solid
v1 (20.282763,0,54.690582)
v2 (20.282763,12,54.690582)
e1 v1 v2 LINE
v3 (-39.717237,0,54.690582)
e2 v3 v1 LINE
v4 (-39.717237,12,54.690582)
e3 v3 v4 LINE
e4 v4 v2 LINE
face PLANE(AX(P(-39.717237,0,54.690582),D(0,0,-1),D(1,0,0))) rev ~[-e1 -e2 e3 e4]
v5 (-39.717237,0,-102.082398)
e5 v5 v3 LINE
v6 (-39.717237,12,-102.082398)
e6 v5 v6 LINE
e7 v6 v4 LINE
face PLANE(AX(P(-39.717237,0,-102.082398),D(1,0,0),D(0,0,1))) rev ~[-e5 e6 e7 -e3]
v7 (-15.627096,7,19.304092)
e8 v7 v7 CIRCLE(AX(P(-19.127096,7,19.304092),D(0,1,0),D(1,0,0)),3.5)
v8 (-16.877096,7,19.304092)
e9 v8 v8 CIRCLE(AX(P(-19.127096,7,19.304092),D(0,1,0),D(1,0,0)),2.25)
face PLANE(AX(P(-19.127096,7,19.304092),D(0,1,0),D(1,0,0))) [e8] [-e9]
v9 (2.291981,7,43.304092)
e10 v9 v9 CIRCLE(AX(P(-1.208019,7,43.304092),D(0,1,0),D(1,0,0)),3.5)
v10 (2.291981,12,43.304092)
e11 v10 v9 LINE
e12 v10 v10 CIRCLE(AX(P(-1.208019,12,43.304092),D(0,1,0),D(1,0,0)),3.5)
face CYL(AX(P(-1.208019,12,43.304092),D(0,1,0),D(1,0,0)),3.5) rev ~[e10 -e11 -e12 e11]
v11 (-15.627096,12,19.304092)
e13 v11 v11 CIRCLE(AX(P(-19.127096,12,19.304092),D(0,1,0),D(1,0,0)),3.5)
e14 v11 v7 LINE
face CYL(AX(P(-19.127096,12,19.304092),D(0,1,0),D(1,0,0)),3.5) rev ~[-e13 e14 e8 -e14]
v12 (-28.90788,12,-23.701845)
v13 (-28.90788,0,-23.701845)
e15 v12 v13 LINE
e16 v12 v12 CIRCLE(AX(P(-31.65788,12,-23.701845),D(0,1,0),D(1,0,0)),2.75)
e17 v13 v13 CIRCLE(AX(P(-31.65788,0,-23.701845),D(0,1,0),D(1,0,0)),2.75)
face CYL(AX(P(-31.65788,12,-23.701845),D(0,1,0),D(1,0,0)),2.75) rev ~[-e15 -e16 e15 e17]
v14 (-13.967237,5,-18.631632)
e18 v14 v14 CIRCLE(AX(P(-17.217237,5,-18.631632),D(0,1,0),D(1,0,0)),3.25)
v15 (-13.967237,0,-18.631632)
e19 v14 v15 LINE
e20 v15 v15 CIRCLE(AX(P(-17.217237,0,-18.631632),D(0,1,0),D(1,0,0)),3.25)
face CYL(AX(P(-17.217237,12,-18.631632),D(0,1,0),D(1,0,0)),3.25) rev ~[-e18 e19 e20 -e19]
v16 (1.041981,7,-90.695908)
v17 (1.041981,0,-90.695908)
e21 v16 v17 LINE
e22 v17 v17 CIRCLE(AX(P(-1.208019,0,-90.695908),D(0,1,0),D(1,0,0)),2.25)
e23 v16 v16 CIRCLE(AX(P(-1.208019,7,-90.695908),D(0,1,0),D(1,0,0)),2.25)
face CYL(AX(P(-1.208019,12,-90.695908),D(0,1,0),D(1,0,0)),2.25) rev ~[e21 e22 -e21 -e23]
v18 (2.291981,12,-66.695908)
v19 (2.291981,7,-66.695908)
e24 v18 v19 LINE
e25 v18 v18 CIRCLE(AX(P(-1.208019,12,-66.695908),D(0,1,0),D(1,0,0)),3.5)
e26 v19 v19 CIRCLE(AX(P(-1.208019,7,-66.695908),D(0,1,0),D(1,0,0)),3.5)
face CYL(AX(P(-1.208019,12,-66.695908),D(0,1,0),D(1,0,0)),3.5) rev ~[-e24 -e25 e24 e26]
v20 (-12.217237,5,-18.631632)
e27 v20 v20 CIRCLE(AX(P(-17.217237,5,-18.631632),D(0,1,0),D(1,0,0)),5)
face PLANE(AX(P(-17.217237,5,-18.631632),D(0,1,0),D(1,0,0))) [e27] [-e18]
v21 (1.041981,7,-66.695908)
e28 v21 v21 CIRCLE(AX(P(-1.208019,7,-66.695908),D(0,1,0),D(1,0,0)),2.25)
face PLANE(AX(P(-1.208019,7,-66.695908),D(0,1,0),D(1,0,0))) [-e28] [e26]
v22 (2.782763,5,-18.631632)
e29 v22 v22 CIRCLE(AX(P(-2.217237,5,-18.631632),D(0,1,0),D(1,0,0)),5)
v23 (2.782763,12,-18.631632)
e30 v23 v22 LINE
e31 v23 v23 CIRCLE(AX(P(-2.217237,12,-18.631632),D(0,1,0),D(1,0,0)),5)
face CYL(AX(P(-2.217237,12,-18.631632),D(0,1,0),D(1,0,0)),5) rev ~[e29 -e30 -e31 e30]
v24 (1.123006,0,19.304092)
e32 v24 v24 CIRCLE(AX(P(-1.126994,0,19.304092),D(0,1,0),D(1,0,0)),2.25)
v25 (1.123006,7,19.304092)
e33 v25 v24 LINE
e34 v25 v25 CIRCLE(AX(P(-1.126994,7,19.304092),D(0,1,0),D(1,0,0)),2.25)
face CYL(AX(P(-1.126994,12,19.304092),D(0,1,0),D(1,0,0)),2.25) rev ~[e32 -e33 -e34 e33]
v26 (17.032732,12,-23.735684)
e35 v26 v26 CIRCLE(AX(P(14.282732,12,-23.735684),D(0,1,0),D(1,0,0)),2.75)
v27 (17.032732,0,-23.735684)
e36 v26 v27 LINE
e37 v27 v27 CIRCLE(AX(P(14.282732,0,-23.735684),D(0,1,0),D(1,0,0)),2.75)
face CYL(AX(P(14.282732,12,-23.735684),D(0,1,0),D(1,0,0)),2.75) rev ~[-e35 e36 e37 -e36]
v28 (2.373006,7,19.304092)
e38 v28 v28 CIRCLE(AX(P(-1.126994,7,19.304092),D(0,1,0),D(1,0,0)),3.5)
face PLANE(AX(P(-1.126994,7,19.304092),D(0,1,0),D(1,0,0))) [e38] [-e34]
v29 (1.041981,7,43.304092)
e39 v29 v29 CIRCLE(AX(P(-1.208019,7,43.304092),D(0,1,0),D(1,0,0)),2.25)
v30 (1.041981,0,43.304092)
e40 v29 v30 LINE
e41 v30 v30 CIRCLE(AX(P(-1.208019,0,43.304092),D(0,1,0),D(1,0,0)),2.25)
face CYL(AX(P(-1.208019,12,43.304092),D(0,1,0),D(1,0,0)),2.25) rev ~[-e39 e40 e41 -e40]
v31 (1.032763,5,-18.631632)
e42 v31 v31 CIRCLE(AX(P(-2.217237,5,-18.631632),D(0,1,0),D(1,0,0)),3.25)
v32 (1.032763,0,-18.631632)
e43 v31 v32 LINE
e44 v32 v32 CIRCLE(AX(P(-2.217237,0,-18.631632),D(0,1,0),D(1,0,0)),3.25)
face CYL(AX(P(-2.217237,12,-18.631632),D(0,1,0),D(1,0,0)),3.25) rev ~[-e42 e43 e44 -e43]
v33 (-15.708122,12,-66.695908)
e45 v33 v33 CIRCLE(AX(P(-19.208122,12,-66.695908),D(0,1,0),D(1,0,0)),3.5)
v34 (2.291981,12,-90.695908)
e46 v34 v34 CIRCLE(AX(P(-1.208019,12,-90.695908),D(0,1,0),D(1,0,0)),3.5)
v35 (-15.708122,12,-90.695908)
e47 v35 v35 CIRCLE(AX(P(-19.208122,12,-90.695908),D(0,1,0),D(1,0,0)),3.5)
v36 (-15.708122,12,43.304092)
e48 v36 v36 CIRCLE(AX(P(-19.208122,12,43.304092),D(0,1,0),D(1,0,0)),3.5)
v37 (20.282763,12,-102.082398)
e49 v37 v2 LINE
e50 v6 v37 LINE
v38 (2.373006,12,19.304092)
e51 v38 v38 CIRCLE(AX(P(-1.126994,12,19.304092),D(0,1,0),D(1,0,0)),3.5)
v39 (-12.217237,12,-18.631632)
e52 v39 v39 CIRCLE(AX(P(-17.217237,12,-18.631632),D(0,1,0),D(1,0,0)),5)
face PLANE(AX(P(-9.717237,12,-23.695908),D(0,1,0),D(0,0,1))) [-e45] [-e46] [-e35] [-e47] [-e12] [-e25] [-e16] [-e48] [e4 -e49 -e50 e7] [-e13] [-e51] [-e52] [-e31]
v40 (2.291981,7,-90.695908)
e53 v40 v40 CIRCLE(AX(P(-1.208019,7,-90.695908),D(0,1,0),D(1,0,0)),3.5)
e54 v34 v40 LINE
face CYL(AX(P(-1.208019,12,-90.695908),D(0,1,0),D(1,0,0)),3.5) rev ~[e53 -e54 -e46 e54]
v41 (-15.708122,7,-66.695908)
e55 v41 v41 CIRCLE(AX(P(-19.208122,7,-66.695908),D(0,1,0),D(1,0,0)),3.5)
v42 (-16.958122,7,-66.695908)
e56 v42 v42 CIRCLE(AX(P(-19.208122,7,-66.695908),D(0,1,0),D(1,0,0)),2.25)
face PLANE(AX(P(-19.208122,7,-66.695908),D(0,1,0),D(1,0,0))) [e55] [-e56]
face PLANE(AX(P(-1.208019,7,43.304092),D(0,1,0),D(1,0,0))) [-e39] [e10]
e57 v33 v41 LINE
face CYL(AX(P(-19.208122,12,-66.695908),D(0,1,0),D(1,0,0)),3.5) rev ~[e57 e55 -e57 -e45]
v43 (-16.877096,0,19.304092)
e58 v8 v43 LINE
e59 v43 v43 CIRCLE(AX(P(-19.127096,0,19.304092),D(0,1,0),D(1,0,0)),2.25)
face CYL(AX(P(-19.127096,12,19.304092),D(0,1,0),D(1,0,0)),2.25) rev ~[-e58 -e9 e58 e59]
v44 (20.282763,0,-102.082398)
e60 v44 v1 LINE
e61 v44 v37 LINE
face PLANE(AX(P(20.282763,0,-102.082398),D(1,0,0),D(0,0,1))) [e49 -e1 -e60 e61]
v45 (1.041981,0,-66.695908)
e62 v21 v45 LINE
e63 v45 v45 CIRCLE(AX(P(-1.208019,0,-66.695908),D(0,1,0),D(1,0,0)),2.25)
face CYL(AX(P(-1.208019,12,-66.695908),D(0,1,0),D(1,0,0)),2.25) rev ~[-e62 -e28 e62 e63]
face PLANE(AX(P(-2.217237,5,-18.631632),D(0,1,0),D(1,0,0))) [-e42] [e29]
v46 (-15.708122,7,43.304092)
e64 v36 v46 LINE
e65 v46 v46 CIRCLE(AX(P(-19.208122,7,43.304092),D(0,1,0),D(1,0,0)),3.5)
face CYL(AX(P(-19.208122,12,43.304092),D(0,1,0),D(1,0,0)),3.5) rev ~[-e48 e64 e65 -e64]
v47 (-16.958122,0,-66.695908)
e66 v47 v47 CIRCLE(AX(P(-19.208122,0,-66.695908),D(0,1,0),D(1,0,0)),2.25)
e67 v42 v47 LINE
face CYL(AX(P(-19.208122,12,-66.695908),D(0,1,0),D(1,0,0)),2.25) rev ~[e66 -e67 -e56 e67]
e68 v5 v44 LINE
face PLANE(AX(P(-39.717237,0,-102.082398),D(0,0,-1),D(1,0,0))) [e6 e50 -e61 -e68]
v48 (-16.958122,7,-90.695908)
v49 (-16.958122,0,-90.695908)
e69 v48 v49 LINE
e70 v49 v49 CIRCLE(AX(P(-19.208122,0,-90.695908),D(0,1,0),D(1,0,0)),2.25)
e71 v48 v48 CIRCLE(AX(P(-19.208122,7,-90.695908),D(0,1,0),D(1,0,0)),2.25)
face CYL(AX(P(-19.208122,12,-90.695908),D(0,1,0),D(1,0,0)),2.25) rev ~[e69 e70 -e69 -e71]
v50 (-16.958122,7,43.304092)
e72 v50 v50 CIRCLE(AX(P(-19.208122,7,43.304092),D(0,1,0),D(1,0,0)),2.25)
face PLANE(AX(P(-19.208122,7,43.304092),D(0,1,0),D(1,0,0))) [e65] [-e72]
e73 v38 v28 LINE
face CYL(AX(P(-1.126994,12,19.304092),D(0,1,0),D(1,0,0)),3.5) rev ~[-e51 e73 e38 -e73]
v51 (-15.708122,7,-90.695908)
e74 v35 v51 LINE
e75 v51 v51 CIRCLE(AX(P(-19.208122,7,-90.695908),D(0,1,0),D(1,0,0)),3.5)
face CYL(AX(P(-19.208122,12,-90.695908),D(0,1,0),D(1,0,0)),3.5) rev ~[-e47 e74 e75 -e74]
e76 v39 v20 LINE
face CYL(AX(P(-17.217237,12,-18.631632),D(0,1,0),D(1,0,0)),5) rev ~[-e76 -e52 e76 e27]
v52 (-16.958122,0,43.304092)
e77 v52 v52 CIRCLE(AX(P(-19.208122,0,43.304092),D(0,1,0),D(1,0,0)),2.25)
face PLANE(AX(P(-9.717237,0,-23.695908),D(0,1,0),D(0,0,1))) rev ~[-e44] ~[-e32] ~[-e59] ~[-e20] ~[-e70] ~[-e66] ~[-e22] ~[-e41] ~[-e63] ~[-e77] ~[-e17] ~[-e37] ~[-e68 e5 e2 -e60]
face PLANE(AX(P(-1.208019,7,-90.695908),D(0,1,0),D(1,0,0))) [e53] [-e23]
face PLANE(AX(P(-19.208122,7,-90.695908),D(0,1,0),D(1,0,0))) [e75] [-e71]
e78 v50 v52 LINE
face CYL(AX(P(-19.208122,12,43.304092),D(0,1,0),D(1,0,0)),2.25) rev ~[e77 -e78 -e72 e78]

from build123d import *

# Parameters (mm, degrees)
SKETCH3_W           = 156.772980402
SKETCH3_H           = 60
BOSS_EXTRUDE6_DEPTH = 12
CUT_EXTRUDE1_REACH  = 14
SKETCH4_R           = 2.25
CUT_EXTRUDE2_REACH  = 14
SKETCH6_R           = 3.25
SKETCH7_R           = 3.5
CUT_EXTRUDE3_DEPTH  = 5
SKETCH8_R           = 5
CUT_EXTRUDE4_DEPTH  = 7
CUT_EXTRUDE5_REACH  = 14
SKETCH9_R           = 2.75


with BuildPart() as part:
    # Sketch3 → Boss-Extrude6 (new body)
    with BuildSketch(Plane(origin=(-27.52701042, 0, 0), x_dir=(0, 0, 1), z_dir=(0, 1, 0))):
        with Locations((-23.695908121, 17.809773729)):
            Rectangle(SKETCH3_W, SKETCH3_H)
    extrude(amount=BOSS_EXTRUDE6_DEPTH)

    # Sketch4 → Cut-Extrude1 (cut, up to next)
    with BuildSketch(Plane(origin=(0, 12, 0), x_dir=(1, 0, 0), z_dir=(0, 1, 0)), mode=Mode.PRIVATE) as cut_extrude1_sk1:
        with Locations((-1.126993796, -19.304091879)):
            Circle(SKETCH4_R)
    cut_extrude1_tool1 = extrude(cut_extrude1_sk1.sketch, amount=-CUT_EXTRUDE1_REACH, mode=Mode.PRIVATE) & part.part
    add(cut_extrude1_tool1.solids().sort_by_distance((-1.126994, 12, 19.304092))[0], mode=Mode.SUBTRACT)
    # Sketch4 → Cut-Extrude1 (cut, up to next)
    with BuildSketch(Plane(origin=(0, 12, 0), x_dir=(1, 0, 0), z_dir=(0, 1, 0)), mode=Mode.PRIVATE) as cut_extrude1_sk2:
        with Locations((-19.127096376, -19.304091879)):
            Circle(SKETCH4_R)
    cut_extrude1_tool2 = extrude(cut_extrude1_sk2.sketch, amount=-CUT_EXTRUDE1_REACH, mode=Mode.PRIVATE) & part.part
    add(cut_extrude1_tool2.solids().sort_by_distance((-19.127096, 12, 19.304092))[0], mode=Mode.SUBTRACT)
    # Sketch4 → Cut-Extrude1 (cut, up to next)
    with BuildSketch(Plane(origin=(0, 12, 0), x_dir=(1, 0, 0), z_dir=(0, 1, 0)), mode=Mode.PRIVATE) as cut_extrude1_sk3:
        with Locations((-1.2080193, -43.304091879)):
            Circle(SKETCH4_R)
    cut_extrude1_tool3 = extrude(cut_extrude1_sk3.sketch, amount=-CUT_EXTRUDE1_REACH, mode=Mode.PRIVATE) & part.part
    add(cut_extrude1_tool3.solids().sort_by_distance((-1.208019, 12, 43.304092))[0], mode=Mode.SUBTRACT)
    # Sketch4 → Cut-Extrude1 (cut, up to next)
    with BuildSketch(Plane(origin=(0, 12, 0), x_dir=(1, 0, 0), z_dir=(0, 1, 0)), mode=Mode.PRIVATE) as cut_extrude1_sk4:
        with Locations((-19.208121879, -43.304091879)):
            Circle(SKETCH4_R)
    cut_extrude1_tool4 = extrude(cut_extrude1_sk4.sketch, amount=-CUT_EXTRUDE1_REACH, mode=Mode.PRIVATE) & part.part
    add(cut_extrude1_tool4.solids().sort_by_distance((-19.208122, 12, 43.304092))[0], mode=Mode.SUBTRACT)
    # Sketch4 → Cut-Extrude1 (cut, up to next)
    with BuildSketch(Plane(origin=(0, 12, 0), x_dir=(1, 0, 0), z_dir=(0, 1, 0)), mode=Mode.PRIVATE) as cut_extrude1_sk5:
        with Locations((-19.208121879, 66.695908121)):
            Circle(SKETCH4_R)
    cut_extrude1_tool5 = extrude(cut_extrude1_sk5.sketch, amount=-CUT_EXTRUDE1_REACH, mode=Mode.PRIVATE) & part.part
    add(cut_extrude1_tool5.solids().sort_by_distance((-19.208122, 12, -66.695908))[0], mode=Mode.SUBTRACT)
    # Sketch4 → Cut-Extrude1 (cut, up to next)
    with BuildSketch(Plane(origin=(0, 12, 0), x_dir=(1, 0, 0), z_dir=(0, 1, 0)), mode=Mode.PRIVATE) as cut_extrude1_sk6:
        with Locations((-19.208121879, 90.695908121)):
            Circle(SKETCH4_R)
    cut_extrude1_tool6 = extrude(cut_extrude1_sk6.sketch, amount=-CUT_EXTRUDE1_REACH, mode=Mode.PRIVATE) & part.part
    add(cut_extrude1_tool6.solids().sort_by_distance((-19.208122, 12, -90.695908))[0], mode=Mode.SUBTRACT)
    # Sketch4 → Cut-Extrude1 (cut, up to next)
    with BuildSketch(Plane(origin=(0, 12, 0), x_dir=(1, 0, 0), z_dir=(0, 1, 0)), mode=Mode.PRIVATE) as cut_extrude1_sk7:
        with Locations((-1.2080193, 90.695908121)):
            Circle(SKETCH4_R)
    cut_extrude1_tool7 = extrude(cut_extrude1_sk7.sketch, amount=-CUT_EXTRUDE1_REACH, mode=Mode.PRIVATE) & part.part
    add(cut_extrude1_tool7.solids().sort_by_distance((-1.208019, 12, -90.695908))[0], mode=Mode.SUBTRACT)
    # Sketch4 → Cut-Extrude1 (cut, up to next)
    with BuildSketch(Plane(origin=(0, 12, 0), x_dir=(1, 0, 0), z_dir=(0, 1, 0)), mode=Mode.PRIVATE) as cut_extrude1_sk8:
        with Locations((-1.2080193, 66.695908121)):
            Circle(SKETCH4_R)
    cut_extrude1_tool8 = extrude(cut_extrude1_sk8.sketch, amount=-CUT_EXTRUDE1_REACH, mode=Mode.PRIVATE) & part.part
    add(cut_extrude1_tool8.solids().sort_by_distance((-1.208019, 12, -66.695908))[0], mode=Mode.SUBTRACT)

    # Sketch6 → Cut-Extrude2 (cut, up to next)
    with BuildSketch(Plane(origin=(0, 12, 0), x_dir=(1, 0, 0), z_dir=(0, 1, 0)), mode=Mode.PRIVATE) as cut_extrude2_sk1:
        with Locations((-17.217236691, 18.631632081)):
            Circle(SKETCH6_R)
    cut_extrude2_tool1 = extrude(cut_extrude2_sk1.sketch, amount=-CUT_EXTRUDE2_REACH, mode=Mode.PRIVATE) & part.part
    add(cut_extrude2_tool1.solids().sort_by_distance((-17.217237, 12, -18.631632))[0], mode=Mode.SUBTRACT)
    # Sketch6 → Cut-Extrude2 (cut, up to next)
    with BuildSketch(Plane(origin=(0, 12, 0), x_dir=(1, 0, 0), z_dir=(0, 1, 0)), mode=Mode.PRIVATE) as cut_extrude2_sk2:
        with Locations((-2.217236691, 18.631632081)):
            Circle(SKETCH6_R)
    cut_extrude2_tool2 = extrude(cut_extrude2_sk2.sketch, amount=-CUT_EXTRUDE2_REACH, mode=Mode.PRIVATE) & part.part
    add(cut_extrude2_tool2.solids().sort_by_distance((-2.217237, 12, -18.631632))[0], mode=Mode.SUBTRACT)

    # Sketch7 → Cut-Extrude3 (cut)
    with BuildSketch(Plane(origin=(0, 12, 0), x_dir=(1, 0, 0), z_dir=(0, 1, 0))):
        with Locations((-19.127096376, -19.304091879)):
            Circle(SKETCH7_R)
        with Locations((-19.208121879, -43.304091879)):
            Circle(SKETCH7_R)
        with Locations((-1.2080193, -43.304091879)):
            Circle(SKETCH7_R)
        with Locations((-1.126993796, -19.304091879)):
            Circle(SKETCH7_R)
        with Locations((-1.2080193, 66.695908121)):
            Circle(SKETCH7_R)
        with Locations((-19.208121879, 66.695908121)):
            Circle(SKETCH7_R)
        with Locations((-19.208121879, 90.695908121)):
            Circle(SKETCH7_R)
        with Locations((-1.2080193, 90.695908121)):
            Circle(SKETCH7_R)
    extrude(amount=-CUT_EXTRUDE3_DEPTH, mode=Mode.SUBTRACT)

    # Sketch8 → Cut-Extrude4 (cut)
    with BuildSketch(Plane(origin=(0, 12, 0), x_dir=(1, 0, 0), z_dir=(0, 1, 0))):
        with Locations((-17.217236691, 18.631632081)):
            Circle(SKETCH8_R)
        with Locations((-2.217236691, 18.631632081)):
            Circle(SKETCH8_R)
    extrude(amount=-CUT_EXTRUDE4_DEPTH, mode=Mode.SUBTRACT)

    # Sketch9 → Cut-Extrude5 (cut, up to next)
    with BuildSketch(Plane(origin=(0, 12, 0), x_dir=(1, 0, 0), z_dir=(0, 1, 0)), mode=Mode.PRIVATE) as cut_extrude5_sk1:
        with Locations((-31.657880115, 23.701844607)):
            Circle(SKETCH9_R)
    cut_extrude5_tool1 = extrude(cut_extrude5_sk1.sketch, amount=-CUT_EXTRUDE5_REACH, mode=Mode.PRIVATE) & part.part
    add(cut_extrude5_tool1.solids().sort_by_distance((-31.65788, 12, -23.701845))[0], mode=Mode.SUBTRACT)
    # Sketch9 → Cut-Extrude5 (cut, up to next)
    with BuildSketch(Plane(origin=(0, 12, 0), x_dir=(1, 0, 0), z_dir=(0, 1, 0)), mode=Mode.PRIVATE) as cut_extrude5_sk2:
        with Locations((14.282732382, 23.735684254)):
            Circle(SKETCH9_R)
    cut_extrude5_tool2 = extrude(cut_extrude5_sk2.sketch, amount=-CUT_EXTRUDE5_REACH, mode=Mode.PRIVATE) & part.part
    add(cut_extrude5_tool2.solids().sort_by_distance((14.282732, 12, -23.735684))[0], mode=Mode.SUBTRACT)


solid = part.part
